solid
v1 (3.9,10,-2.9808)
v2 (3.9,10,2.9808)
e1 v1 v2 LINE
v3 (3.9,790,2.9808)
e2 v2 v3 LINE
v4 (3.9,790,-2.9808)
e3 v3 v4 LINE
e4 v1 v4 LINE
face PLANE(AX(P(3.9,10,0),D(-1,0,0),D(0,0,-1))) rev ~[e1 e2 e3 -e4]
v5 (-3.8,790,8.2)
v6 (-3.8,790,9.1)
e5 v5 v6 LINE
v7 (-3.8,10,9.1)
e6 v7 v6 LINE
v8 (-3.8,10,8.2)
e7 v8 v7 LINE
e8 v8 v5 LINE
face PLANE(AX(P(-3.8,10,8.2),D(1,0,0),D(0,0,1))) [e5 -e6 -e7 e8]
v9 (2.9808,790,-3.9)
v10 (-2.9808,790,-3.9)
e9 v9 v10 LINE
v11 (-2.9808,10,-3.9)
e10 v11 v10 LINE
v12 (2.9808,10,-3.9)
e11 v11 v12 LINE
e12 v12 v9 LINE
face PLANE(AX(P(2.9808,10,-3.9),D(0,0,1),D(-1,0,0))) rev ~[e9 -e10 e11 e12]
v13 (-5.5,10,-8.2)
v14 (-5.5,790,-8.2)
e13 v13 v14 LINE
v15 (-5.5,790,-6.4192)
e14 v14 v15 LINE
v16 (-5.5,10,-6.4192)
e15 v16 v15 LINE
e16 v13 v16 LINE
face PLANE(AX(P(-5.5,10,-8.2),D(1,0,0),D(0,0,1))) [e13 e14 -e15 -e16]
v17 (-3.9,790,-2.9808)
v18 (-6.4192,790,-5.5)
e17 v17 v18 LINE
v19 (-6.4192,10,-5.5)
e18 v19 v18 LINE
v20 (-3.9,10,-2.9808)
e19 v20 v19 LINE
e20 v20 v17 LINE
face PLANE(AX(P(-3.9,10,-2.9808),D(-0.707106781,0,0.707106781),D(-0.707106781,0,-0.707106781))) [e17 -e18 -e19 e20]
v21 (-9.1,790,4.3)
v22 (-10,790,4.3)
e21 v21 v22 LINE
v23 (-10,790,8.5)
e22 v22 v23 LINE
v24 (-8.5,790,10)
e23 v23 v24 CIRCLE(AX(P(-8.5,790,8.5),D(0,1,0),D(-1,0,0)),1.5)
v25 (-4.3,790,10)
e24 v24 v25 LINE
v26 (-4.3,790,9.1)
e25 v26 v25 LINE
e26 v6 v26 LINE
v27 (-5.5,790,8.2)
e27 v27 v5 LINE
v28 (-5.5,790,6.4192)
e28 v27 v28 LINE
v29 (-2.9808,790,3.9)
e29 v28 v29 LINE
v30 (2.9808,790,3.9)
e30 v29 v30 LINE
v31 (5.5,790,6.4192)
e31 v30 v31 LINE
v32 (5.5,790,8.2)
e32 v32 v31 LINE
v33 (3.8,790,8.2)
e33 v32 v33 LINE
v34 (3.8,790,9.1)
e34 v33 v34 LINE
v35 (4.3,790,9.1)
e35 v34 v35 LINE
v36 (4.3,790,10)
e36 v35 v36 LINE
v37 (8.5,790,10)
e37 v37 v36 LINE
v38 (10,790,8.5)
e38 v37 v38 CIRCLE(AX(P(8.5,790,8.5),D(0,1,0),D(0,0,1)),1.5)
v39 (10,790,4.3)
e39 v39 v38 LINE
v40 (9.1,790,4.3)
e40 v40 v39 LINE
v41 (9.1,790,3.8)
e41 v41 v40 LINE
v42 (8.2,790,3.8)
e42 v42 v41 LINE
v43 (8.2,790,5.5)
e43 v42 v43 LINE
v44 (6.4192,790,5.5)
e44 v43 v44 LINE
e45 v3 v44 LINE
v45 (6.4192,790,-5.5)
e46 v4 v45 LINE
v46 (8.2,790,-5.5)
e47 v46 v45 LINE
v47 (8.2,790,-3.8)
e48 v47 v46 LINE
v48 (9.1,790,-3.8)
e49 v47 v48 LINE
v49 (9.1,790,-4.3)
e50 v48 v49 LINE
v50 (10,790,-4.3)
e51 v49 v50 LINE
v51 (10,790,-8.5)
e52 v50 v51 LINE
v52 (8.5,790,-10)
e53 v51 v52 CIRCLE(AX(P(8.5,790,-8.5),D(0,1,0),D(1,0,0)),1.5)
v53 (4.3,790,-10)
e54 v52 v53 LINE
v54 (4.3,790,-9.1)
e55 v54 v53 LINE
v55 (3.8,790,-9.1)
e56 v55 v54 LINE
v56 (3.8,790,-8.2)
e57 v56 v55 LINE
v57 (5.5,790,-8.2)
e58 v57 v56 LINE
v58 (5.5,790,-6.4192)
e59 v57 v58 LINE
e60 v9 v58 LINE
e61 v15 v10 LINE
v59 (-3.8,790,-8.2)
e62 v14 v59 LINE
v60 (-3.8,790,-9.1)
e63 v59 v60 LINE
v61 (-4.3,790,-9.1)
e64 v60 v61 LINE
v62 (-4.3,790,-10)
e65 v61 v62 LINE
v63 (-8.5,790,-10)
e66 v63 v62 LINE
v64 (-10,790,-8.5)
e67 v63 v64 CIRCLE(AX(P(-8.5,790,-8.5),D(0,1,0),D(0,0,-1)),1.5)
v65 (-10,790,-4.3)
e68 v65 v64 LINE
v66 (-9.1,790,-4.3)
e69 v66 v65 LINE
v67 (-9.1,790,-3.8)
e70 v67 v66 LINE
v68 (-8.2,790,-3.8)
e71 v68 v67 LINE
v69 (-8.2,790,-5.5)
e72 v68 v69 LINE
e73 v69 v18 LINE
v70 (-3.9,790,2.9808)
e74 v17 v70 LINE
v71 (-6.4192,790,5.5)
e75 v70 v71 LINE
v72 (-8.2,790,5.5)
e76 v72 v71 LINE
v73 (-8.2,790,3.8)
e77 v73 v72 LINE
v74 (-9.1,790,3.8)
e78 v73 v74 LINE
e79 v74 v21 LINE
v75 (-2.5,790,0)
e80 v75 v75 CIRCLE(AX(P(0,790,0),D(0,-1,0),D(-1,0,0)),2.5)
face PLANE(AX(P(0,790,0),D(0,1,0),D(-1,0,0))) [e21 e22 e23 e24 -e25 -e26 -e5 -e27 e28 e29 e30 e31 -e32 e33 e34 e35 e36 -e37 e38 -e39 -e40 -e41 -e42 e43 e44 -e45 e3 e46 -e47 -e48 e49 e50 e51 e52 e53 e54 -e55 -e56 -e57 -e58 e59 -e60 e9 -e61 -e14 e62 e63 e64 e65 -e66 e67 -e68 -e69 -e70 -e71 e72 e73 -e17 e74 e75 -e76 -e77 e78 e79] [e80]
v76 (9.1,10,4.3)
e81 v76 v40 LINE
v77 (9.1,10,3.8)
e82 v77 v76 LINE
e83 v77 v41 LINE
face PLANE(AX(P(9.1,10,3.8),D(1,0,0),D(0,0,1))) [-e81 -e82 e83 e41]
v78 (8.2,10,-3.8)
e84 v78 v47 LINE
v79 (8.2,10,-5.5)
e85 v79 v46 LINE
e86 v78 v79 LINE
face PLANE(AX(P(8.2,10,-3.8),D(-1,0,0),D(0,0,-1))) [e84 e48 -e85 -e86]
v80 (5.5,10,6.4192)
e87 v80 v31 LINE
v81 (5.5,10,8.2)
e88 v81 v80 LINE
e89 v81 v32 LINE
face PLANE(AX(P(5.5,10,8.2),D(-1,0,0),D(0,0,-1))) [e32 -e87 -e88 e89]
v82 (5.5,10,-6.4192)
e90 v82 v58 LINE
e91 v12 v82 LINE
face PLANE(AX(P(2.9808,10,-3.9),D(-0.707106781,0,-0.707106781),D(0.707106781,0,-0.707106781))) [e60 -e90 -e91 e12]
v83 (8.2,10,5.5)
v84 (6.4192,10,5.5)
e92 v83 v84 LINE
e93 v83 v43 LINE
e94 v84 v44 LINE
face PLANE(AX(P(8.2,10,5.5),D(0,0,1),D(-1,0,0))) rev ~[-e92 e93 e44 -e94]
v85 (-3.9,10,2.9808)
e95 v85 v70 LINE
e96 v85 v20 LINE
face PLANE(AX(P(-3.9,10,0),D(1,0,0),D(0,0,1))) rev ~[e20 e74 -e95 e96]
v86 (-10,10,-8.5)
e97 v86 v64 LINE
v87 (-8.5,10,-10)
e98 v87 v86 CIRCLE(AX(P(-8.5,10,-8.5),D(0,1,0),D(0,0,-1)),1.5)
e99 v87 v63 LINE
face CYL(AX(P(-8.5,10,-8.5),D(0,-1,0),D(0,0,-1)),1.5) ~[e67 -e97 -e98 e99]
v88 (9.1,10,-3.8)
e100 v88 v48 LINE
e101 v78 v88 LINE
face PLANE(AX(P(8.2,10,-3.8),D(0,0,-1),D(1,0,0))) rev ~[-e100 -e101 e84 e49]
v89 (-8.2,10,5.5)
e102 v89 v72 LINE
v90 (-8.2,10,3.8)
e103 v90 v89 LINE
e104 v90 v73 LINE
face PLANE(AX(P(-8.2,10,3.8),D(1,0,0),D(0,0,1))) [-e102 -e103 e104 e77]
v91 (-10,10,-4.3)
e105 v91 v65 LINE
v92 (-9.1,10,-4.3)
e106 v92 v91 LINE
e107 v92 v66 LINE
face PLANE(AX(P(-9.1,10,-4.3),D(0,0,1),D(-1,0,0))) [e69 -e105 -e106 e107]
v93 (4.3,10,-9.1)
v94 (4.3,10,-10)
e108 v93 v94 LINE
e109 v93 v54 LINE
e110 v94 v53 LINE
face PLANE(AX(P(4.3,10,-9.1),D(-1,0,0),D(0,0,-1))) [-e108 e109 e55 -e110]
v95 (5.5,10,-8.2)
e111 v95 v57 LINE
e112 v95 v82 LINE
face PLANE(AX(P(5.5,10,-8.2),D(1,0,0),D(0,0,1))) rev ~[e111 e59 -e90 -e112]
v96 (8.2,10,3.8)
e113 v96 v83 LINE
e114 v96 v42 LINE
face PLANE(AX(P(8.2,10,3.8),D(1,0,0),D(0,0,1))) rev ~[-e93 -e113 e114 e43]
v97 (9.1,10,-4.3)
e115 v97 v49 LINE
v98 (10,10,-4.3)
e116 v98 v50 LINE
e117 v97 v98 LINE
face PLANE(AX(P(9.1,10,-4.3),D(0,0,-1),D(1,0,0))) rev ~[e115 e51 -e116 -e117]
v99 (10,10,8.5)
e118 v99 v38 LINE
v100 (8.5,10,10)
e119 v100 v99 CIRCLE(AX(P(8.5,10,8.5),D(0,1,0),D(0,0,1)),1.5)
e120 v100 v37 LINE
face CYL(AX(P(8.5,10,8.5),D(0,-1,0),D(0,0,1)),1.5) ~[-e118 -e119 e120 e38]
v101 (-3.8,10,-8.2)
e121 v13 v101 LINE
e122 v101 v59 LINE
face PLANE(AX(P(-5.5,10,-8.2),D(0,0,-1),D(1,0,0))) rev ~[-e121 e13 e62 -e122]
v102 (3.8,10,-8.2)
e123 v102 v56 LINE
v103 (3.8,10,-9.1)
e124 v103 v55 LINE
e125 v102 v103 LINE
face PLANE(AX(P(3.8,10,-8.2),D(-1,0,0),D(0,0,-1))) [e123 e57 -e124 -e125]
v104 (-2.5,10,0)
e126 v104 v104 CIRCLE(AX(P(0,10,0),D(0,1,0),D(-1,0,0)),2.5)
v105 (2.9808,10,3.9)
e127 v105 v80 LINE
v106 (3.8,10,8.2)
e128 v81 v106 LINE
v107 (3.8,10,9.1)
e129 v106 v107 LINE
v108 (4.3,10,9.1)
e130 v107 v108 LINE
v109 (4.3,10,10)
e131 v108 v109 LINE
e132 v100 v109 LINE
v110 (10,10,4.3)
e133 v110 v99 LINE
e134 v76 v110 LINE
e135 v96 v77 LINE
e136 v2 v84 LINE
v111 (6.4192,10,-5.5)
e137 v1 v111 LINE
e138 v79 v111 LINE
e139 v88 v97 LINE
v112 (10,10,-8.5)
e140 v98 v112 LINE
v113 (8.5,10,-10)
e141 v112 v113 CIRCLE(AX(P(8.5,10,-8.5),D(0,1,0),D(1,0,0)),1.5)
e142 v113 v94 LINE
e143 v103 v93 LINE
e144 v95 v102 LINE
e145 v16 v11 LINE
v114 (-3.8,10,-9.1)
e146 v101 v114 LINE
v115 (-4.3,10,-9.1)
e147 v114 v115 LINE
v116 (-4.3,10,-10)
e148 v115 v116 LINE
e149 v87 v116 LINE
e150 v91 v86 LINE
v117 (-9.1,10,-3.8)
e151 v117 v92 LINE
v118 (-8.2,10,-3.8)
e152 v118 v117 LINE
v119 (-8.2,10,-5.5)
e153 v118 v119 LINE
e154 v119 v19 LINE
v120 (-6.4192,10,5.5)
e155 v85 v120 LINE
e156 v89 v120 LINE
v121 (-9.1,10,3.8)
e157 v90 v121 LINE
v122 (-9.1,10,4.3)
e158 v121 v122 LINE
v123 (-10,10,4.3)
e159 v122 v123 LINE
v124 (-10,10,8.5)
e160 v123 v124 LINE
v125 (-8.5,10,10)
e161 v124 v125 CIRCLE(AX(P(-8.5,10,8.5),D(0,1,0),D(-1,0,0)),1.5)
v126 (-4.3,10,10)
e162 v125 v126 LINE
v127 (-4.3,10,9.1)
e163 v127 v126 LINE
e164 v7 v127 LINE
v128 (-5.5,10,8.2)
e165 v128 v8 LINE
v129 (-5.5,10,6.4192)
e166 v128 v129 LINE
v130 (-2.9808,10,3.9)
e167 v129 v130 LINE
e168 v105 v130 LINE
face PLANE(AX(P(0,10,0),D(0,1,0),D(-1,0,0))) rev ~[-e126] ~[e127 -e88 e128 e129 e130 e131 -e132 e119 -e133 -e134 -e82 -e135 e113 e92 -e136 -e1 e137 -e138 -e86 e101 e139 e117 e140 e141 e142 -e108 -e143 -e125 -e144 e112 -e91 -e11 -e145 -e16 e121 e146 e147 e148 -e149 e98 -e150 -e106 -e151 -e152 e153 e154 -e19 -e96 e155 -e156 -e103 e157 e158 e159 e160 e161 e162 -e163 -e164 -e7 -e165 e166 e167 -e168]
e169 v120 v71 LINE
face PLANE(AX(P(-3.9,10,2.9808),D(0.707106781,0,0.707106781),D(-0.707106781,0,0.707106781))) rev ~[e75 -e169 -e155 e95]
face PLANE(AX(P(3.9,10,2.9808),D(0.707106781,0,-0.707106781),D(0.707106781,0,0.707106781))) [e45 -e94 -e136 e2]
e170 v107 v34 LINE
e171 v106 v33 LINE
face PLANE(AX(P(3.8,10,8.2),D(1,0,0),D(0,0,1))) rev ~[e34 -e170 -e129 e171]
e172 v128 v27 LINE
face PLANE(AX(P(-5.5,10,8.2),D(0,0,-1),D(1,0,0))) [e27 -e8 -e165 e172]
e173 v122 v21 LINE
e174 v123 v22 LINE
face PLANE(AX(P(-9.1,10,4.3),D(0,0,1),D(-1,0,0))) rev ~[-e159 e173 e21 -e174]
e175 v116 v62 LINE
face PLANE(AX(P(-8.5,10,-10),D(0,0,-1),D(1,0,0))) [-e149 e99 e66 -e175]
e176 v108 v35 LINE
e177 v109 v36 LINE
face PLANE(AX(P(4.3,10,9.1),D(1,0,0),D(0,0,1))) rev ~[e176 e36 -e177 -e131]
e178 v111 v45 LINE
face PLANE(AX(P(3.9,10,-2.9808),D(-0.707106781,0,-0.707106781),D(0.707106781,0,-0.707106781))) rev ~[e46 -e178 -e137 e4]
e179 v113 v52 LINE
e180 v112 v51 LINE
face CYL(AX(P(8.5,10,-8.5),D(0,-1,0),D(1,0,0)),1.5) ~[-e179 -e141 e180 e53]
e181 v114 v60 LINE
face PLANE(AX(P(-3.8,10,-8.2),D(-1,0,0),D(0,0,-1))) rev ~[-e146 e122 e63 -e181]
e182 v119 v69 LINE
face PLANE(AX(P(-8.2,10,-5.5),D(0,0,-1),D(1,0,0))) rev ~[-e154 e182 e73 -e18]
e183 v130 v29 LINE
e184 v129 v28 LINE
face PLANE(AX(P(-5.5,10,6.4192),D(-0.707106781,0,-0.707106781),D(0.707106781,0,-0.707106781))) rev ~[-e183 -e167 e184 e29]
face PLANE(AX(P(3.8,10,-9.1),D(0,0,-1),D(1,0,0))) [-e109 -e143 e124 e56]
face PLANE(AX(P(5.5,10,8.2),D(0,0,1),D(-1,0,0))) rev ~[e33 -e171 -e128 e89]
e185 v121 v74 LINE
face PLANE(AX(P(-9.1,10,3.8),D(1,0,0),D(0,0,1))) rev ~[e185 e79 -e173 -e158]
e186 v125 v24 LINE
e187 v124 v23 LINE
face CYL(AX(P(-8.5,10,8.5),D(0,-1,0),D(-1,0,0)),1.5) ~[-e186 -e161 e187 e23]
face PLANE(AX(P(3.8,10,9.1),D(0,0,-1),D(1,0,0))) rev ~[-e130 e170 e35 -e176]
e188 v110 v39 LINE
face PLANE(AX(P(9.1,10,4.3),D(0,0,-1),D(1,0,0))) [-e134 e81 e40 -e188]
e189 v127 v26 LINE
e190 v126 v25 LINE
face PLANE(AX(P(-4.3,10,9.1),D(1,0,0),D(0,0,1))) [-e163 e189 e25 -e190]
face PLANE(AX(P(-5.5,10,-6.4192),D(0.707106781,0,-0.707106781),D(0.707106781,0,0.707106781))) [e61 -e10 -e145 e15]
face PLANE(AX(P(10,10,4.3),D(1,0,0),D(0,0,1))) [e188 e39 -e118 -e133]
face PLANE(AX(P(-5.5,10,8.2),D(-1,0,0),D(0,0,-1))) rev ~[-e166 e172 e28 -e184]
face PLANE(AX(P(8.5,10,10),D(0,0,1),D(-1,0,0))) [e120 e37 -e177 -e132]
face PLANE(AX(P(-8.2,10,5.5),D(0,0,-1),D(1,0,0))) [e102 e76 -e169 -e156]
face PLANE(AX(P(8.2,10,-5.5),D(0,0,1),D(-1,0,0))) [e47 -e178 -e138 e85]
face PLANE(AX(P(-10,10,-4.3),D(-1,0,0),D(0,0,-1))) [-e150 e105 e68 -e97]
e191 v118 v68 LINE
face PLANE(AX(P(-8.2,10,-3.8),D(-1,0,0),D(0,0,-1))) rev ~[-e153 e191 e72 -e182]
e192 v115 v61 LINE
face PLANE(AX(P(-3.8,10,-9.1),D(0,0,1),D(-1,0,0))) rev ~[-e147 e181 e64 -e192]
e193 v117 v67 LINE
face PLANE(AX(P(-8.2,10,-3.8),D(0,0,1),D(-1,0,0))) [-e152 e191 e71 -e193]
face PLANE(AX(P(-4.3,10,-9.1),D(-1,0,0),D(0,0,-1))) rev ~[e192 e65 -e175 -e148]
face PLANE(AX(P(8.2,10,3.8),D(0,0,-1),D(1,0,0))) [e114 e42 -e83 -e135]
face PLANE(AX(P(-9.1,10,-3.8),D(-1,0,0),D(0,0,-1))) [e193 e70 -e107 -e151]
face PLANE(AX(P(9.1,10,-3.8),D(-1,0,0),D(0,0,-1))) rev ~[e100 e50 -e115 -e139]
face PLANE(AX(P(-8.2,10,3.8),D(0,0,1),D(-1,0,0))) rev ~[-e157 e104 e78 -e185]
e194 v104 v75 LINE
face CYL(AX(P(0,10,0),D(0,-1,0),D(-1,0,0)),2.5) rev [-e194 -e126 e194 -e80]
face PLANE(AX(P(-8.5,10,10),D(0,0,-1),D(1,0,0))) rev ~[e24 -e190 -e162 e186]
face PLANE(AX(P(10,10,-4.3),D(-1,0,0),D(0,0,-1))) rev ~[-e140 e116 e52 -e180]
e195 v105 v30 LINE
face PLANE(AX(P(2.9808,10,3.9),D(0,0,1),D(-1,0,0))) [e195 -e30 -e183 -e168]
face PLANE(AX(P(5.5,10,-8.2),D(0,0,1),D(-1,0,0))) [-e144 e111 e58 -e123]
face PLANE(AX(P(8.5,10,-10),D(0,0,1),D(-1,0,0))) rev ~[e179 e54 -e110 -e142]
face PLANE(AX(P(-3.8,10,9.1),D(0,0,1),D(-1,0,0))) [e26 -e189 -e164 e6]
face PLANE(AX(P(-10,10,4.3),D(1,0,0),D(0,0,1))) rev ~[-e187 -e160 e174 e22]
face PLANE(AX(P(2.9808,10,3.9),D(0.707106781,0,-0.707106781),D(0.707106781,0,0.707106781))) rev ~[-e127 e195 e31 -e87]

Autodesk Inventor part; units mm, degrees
ref_plane "起始平面" through (0, 10, 0) normal (0, 1, 0) x (-1, 0, 0)
ref_plane "终止平面" through (0, 790, 0) normal (0, 1, 0) x (-1, 0, 0)
sketch "草图" plane through (0, 0, 0) normal (0, 1, 0) x (-1, 0, 0)
  line L0 (-9.1, 10.0192) -> (-9.101, 10.0203)
  line L1 (-10, 10) -> (-9.5607, 9.5607) construction
  arc A0 (-8.5, 10) -> (-10, 8.5) centre (-8.5, 8.5) ccw
  circle A1 centre (0, 0) radius 2.5
  line L2 (-2.9808, 3.9) -> (0, 3.9)
  line L3 (-3.9, 0) -> (-3.9, 2.9808)
  line L4 (-2.5, 0) -> (-3.1, 0)
  line L5 (2.9808, 3.9) -> (0, 3.9)
  circle A2 centre (0, 0) radius 2.5
  circle A3 centre (0, 0) radius 2.5
  circle A4 centre (0, 0) radius 2.5
  line L6 (0, 16.3557) -> (0, -12.0006)
  line L7 (-4.3, 9.1) -> (-4.3, 10)
  line L8 (2.9808, -3.9) -> (0, -3.9)
  line L9 (-3.9, 0) -> (-3.9, -2.9808)
  line L10 (3.9, 0) -> (3.9, -2.9808)
  line L11 (-2.9808, -3.9) -> (-5.5, -6.4192)
  line L12 (-2.9808, -3.9) -> (0, -3.9)
  line L13 (3.8, -8.2) -> (3.8, -9.1)
  line L14 (5.5, -6.4192) -> (2.9808, -3.9)
  line L15 (3.8, -9.1) -> (4.3, -9.1)
  line L16 (5.5, -8.2) -> (3.8, -8.2)
  line L17 (5.5, -8.2) -> (5.5, -6.4192)
  line L18 (3.9, -2.9808) -> (6.4192, -5.5)
  line L19 (8.2, -3.8) -> (8.2, -5.5)
  line L20 (8.2, -5.5) -> (6.4192, -5.5)
  line L21 (8.2, -3.8) -> (9.1, -3.8)
  line L22 (9.1, -3.8) -> (9.1, -4.3)
  line L23 (9.1, -4.3) -> (10, -4.3)
  line L24 (10, -4.3) -> (10, -8.5)
  arc A5 (8.5, -10) -> (10, -8.5) centre (8.5, -8.5) ccw
  line L25 (8.5, -10) -> (4.3, -10)
  line L26 (4.3, -9.1) -> (4.3, -10)
  line L27 (5.5, 6.4192) -> (2.9808, 3.9)
  line L28 (3.9, 2.9808) -> (6.4192, 5.5)
  line L29 (10, 4.3) -> (10, 8.5)
  line L30 (3.9, 0) -> (3.9, 2.9808)
  line L31 (5.5, 8.2) -> (5.5, 6.4192)
  line L32 (5.5, 8.2) -> (3.8, 8.2)
  line L33 (4.3, 9.1) -> (4.3, 10)
  arc A6 (10, 8.5) -> (8.5, 10) centre (8.5, 8.5) ccw
  line L34 (8.5, 10) -> (4.3, 10)
  line L35 (8.2, 3.8) -> (9.1, 3.8)
  line L36 (9.1, 4.3) -> (10, 4.3)
  line L37 (9.1, 3.8) -> (9.1, 4.3)
  line L38 (8.2, 3.8) -> (8.2, 5.5)
  line L39 (8.2, 5.5) -> (6.4192, 5.5)
  line L40 (3.8, 8.2) -> (3.8, 9.1)
  line L41 (3.8, 9.1) -> (4.3, 9.1)
  line L42 (-10, 4.3) -> (-10, 8.5)
  line L43 (-8.5, 10) -> (-4.3, 10)
  line L44 (-9.1, 4.3) -> (-10, 4.3)
  line L45 (-9.1, 3.8) -> (-9.1, 4.3)
  line L46 (-8.2, 3.8) -> (-9.1, 3.8)
  line L47 (-8.2, 5.5) -> (-6.4192, 5.5)
  line L48 (-8.2, 3.8) -> (-8.2, 5.5)
  line L49 (-5.5, 8.2) -> (-5.5, 6.4192)
  line L50 (-3.8, 9.1) -> (-4.3, 9.1)
  line L51 (-3.8, 8.2) -> (-3.8, 9.1)
  line L52 (-5.5, 8.2) -> (-3.8, 8.2)
  line L53 (-3.9, 2.9808) -> (-6.4192, 5.5)
  line L54 (-2.9808, 3.9) -> (-5.5, 6.4192)
  line L55 (-5.5, -8.2) -> (-3.8, -8.2)
  line L56 (-5.5, -8.2) -> (-5.5, -6.4192)
  line L57 (-3.9, -2.9808) -> (-6.4192, -5.5)
  line L58 (-3.8, -8.2) -> (-3.8, -9.1)
  line L59 (-3.8, -9.1) -> (-4.3, -9.1)
  line L60 (-4.3, -9.1) -> (-4.3, -10)
  line L61 (-8.2, -5.5) -> (-6.4192, -5.5)
  line L62 (-8.2, -3.8) -> (-9.1, -3.8)
  line L63 (-9.1, -3.8) -> (-9.1, -4.3)
  line L64 (-8.5, -10) -> (-4.3, -10)
  line L65 (-9.1, -4.3) -> (-10, -4.3)
  line L66 (-10, -4.3) -> (-10, -8.5)
  arc A7 (-10, -8.5) -> (-8.5, -10) centre (-8.5, -8.5) ccw
  line L67 (-8.2, -3.8) -> (-8.2, -5.5)
  dimension "圆角" = 1.5
  dimension "宽度" = 20
extrude "实体" add sketch "草图" along normal up to surface (780 mm away) from surface at 10 contours L43 L7 L50 L51 L52 L49 L54 L2 L6 A1 L12 L11 L56 L55 L58 L59 L60 L64 A7 L66 L65 L63 L62 L67 L61 L57 L9 L3 L53 L47 L48 L46 L45 L44 L42 A0 | L5 L27 L31 L32 L40 L41 L33 L34 A6 L29 L36 L37 L35 L38 L39 L28 L30 L10 L18 L20 L19 L21 L22 L23 L24 A5 L25 L26 L15 L13 L16 L17 L14 L8 L6 A1
sketch "草图2" plane through (0, 0, 0) normal (0, 1, 0) x (-1, 0, 0)
  line L0 (0, 0) -> (10, 0)
ref_plane "工作平面3" through (0, 0, 0) normal (0, 0, -1) x (-1, 0, 0)
sketch "草图3" plane through (0, 0, 0) normal (0, 0, -1) x (-1, 0, 0)
  line L0 (-2, 10) -> (12, 10)
  line L1 (-2, 790) -> (12, 790)
  dimension "d11" = 780
ref_plane "工作平面4" through (-4.3, 10, -900) normal (0, -1, 0) x (1, 0, 0)
split "分割1" plane through (-4.3, 10, -900) removes the side toward (0, -1, 0)
ref_plane "工作平面5" through (4.3, 790, -900) normal (0, 1, 0) x (1, 0, 0)
split "分割2" plane through (4.3, 790, -900) removes the side toward (0, 1, 0)
equation "\"G_L\" = d11"
properties part number "欧标 2020铝合金钢材-01"
